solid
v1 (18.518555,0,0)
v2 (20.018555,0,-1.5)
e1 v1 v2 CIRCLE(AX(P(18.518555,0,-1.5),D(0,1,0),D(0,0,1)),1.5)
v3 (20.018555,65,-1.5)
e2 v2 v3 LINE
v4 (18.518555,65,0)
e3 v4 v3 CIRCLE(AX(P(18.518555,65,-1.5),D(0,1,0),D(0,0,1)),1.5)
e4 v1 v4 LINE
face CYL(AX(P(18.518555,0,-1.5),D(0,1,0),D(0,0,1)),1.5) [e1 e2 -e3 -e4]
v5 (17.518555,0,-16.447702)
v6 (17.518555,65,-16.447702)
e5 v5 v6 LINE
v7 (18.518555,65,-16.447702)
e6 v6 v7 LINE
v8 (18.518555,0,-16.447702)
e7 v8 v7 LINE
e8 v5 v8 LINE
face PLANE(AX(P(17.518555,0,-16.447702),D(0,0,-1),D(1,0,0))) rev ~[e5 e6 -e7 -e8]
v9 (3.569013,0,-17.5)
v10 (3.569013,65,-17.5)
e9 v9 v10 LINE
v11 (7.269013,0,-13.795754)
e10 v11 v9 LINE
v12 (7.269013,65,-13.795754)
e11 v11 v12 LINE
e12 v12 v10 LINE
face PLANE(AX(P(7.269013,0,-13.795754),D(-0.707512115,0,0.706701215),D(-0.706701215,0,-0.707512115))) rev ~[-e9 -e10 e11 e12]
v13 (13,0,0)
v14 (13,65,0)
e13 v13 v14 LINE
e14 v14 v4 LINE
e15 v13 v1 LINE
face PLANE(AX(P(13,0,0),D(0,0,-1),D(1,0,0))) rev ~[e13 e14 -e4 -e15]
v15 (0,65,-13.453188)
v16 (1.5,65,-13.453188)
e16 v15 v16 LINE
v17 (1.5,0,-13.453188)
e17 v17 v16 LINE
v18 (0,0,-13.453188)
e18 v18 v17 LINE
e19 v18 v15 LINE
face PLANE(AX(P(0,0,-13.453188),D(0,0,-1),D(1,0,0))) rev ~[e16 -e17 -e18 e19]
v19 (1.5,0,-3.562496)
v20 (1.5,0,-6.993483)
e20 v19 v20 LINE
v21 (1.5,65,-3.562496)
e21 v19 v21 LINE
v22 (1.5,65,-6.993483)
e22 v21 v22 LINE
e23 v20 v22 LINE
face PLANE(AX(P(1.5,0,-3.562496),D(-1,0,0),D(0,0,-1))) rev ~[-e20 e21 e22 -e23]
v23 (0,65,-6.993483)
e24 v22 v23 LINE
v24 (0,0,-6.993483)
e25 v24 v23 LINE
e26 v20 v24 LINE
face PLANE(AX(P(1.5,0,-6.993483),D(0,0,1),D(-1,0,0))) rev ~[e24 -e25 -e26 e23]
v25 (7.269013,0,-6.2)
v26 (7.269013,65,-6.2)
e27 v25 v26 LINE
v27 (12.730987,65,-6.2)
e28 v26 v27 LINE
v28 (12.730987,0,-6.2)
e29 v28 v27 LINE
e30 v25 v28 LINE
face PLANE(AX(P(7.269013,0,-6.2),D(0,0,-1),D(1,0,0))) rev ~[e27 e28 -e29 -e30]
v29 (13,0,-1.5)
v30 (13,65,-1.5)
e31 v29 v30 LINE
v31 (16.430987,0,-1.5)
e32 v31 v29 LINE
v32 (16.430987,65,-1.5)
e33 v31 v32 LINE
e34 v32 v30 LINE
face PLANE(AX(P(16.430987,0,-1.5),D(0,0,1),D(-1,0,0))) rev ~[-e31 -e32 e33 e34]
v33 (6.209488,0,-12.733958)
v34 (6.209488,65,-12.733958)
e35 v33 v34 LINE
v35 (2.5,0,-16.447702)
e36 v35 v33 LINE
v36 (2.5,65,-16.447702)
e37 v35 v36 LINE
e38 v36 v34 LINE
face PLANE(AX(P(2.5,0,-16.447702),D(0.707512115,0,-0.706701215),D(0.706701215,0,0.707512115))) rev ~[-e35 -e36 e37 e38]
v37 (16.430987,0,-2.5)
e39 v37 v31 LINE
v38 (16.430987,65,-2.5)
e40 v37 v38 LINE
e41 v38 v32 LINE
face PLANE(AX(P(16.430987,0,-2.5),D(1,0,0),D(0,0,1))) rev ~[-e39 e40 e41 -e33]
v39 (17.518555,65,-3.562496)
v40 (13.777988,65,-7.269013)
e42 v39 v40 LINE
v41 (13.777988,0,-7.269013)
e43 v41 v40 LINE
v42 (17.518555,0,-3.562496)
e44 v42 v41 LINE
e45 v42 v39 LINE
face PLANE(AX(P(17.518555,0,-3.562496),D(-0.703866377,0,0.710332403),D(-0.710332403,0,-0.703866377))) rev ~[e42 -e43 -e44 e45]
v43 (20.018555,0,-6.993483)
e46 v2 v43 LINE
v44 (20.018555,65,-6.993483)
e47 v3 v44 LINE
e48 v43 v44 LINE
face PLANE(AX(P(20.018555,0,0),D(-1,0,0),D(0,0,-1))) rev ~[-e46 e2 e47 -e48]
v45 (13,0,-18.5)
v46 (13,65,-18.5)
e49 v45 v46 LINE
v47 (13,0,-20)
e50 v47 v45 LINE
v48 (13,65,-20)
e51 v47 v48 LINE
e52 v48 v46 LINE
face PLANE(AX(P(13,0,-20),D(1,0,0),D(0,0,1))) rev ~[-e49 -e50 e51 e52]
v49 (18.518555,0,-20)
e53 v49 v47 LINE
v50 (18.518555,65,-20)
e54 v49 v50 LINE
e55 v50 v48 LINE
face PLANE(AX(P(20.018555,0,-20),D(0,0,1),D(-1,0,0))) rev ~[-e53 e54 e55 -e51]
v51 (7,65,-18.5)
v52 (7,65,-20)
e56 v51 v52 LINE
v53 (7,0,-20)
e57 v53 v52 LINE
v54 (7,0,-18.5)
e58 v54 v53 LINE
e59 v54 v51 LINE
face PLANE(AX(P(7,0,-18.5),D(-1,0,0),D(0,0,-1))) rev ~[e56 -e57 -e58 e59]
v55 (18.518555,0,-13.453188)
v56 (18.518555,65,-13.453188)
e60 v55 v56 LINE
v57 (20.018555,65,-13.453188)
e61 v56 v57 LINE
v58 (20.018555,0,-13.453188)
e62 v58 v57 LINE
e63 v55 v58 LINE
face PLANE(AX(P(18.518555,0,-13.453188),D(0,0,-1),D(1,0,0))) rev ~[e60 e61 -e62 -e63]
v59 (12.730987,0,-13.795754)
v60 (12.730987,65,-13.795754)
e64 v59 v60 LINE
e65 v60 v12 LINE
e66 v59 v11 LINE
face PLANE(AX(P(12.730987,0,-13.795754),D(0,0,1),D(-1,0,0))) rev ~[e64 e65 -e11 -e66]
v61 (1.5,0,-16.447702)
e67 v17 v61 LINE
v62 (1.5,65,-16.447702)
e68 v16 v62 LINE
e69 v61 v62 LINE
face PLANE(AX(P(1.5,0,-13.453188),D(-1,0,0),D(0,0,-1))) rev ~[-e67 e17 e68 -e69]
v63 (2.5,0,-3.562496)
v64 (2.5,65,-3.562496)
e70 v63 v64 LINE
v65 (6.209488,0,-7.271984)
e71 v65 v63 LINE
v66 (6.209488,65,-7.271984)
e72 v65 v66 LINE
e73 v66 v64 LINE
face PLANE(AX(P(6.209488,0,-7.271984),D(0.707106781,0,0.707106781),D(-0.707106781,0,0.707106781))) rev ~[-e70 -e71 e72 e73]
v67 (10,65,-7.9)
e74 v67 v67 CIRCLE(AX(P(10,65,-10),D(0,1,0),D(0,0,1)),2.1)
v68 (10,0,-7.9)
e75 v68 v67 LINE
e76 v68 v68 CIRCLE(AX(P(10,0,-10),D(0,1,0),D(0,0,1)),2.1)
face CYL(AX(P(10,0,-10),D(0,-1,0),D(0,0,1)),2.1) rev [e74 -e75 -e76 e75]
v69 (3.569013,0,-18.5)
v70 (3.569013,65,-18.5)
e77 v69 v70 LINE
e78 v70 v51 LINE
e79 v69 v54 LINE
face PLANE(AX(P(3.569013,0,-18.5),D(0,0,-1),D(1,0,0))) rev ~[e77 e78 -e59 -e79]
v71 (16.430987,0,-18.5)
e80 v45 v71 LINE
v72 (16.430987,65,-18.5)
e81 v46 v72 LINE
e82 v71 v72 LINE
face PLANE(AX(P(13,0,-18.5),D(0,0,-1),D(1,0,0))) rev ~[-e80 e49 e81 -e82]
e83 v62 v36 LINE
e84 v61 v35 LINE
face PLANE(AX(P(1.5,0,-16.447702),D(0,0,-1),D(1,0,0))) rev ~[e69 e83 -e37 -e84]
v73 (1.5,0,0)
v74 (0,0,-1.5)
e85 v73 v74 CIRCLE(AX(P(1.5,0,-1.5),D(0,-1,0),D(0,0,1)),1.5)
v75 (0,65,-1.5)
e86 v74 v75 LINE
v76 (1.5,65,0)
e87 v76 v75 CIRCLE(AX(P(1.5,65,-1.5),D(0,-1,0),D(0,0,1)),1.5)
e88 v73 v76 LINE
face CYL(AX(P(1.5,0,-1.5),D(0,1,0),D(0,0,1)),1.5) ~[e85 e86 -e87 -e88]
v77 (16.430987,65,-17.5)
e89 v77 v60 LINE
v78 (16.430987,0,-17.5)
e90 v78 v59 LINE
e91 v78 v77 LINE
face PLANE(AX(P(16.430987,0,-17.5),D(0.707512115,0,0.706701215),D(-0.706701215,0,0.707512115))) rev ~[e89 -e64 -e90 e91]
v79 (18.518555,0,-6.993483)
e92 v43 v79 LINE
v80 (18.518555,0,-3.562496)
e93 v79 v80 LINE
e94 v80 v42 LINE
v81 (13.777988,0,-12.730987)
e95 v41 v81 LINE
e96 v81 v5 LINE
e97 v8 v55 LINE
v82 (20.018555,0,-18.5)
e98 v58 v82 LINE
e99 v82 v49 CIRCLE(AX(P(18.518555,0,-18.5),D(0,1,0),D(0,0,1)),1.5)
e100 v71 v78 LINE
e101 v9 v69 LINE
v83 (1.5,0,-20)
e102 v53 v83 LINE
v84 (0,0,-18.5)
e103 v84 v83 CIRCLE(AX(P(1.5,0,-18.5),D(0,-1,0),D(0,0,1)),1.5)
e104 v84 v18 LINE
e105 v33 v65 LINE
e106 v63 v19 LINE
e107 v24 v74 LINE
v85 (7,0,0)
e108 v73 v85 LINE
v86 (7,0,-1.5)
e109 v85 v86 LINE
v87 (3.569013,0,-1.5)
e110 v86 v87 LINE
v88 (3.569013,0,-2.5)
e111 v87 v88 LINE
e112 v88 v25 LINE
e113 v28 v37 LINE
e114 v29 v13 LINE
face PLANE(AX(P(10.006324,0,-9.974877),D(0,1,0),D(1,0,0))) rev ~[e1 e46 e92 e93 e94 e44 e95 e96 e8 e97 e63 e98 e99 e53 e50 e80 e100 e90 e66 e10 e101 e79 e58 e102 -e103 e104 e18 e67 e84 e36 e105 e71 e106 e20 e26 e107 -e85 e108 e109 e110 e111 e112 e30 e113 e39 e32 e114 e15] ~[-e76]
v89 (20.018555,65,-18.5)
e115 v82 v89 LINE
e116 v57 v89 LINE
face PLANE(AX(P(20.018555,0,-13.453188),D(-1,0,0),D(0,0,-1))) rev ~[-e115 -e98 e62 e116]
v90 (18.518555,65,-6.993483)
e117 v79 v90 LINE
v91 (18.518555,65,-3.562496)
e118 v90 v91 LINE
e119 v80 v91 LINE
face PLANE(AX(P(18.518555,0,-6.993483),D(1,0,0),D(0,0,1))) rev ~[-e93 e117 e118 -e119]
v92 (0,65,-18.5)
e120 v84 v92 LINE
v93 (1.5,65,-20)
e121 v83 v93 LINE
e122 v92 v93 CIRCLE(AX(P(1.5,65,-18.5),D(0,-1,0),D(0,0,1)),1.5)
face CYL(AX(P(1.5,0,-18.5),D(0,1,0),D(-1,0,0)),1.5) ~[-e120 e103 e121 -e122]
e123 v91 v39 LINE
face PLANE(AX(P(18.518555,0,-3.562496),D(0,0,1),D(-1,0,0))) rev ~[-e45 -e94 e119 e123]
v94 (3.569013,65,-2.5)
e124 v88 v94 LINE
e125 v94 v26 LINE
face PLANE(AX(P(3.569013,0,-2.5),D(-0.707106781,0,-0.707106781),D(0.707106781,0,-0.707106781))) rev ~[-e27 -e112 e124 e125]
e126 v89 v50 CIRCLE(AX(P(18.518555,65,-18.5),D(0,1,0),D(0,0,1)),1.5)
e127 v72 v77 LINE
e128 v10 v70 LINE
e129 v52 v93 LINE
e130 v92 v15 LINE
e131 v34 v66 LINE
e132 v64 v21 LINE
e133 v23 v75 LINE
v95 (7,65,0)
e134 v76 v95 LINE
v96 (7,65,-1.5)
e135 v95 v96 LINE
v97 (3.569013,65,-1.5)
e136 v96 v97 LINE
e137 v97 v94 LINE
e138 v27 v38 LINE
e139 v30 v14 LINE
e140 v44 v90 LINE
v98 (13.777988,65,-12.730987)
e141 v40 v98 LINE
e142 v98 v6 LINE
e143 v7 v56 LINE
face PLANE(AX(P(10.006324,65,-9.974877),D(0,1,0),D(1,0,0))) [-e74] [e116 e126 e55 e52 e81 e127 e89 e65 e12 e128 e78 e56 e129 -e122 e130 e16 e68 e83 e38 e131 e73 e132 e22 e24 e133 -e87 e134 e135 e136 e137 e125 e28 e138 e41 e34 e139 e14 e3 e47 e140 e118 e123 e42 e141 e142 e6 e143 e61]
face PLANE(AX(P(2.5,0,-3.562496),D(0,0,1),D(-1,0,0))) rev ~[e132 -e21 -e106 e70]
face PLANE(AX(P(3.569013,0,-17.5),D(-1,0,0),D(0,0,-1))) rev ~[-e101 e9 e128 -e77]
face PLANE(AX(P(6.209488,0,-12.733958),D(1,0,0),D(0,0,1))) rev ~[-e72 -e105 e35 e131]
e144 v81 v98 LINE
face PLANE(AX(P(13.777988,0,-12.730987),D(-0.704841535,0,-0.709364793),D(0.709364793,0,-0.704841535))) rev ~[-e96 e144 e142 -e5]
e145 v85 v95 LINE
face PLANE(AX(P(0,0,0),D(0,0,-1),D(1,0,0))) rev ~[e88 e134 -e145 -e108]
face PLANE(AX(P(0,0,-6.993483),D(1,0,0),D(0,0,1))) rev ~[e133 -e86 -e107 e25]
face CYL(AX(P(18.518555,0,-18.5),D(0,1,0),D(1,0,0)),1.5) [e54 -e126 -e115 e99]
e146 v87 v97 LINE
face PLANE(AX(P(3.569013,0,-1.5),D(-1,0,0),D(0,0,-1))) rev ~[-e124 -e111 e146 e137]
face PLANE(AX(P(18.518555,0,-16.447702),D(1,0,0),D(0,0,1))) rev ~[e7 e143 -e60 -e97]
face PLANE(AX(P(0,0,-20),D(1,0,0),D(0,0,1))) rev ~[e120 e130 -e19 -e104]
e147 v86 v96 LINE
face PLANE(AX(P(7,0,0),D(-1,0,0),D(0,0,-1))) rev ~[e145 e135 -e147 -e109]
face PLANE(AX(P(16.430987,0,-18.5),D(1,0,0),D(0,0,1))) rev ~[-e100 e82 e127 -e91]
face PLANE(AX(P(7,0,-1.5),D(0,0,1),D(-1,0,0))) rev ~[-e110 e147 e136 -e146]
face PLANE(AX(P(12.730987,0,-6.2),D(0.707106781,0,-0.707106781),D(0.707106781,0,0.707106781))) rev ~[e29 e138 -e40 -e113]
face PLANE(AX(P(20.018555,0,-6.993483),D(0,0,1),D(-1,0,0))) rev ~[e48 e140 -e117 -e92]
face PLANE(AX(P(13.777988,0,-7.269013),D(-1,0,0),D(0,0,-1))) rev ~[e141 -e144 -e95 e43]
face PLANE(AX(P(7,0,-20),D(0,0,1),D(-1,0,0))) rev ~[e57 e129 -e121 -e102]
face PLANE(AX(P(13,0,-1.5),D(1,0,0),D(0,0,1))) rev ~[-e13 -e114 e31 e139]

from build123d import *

# Parameters (mm, degrees)
SKETCH1_R           = 2.1
BOSS_EXTRUDE1_DEPTH = 65
FILLET1_R           = 1.5


with BuildPart() as part:
    # Sketch1 → Boss-Extrude1 (new body)
    with BuildSketch(Plane(origin=(0, 0, 0), x_dir=(1, 0, 0), z_dir=(0, 1, 0))):
        Polygon((0, 0), (7, 0), (7, 1.5), (3.56901309, 1.5), (3.56901309, 2.5), (7.26901309, 6.2), (12.73098691, 6.2), (16.43098691, 2.5), (16.43098691, 1.5), (13, 1.5), (13, 0), (20.018554527, 0), (20.018554527, 6.993482935), (18.518554527, 6.993482935), (18.518554527, 3.562496025), (17.518554527, 3.562496025), (13.777987766, 7.26901309), (13.777987766, 12.73098691), (17.518554527, 16.447701982), (18.518554527, 16.447701982), (18.518554527, 13.45318801), (20.018554527, 13.45318801), (20.018554527, 20), (13, 20), (13, 18.5), (16.43098691, 18.5), (16.43098691, 17.5), (12.73098691, 13.795754461), (7.26901309, 13.795754461), (3.56901309, 17.5), (3.56901309, 18.5), (7, 18.5), (7, 20), (0, 20), (0, 13.45318801), (1.5, 13.45318801), (1.5, 16.447701982), (2.5, 16.447701982), (6.209487856, 12.733957701), (6.209487856, 7.271983881), (2.5, 3.562496025), (1.5, 3.562496025), (1.5, 6.993482935), (0, 6.993482935), align=None)
        with Locations(Location((10, 10, 0), (0, 0, 270))):
            Circle(SKETCH1_R, mode=Mode.SUBTRACT)
    extrude(amount=BOSS_EXTRUDE1_DEPTH)

    # Fillet1
    fillet1_edges = [part.edges().sort_by_distance(p)[0] for p in [
        (0, 32.5, -20),
        (20.018554527, 32.5, -20),
        (20.018554527, 32.5, 0),
        (0, 32.5, 0),
    ]]
    fillet(fillet1_edges, radius=FILLET1_R)


solid = part.part
